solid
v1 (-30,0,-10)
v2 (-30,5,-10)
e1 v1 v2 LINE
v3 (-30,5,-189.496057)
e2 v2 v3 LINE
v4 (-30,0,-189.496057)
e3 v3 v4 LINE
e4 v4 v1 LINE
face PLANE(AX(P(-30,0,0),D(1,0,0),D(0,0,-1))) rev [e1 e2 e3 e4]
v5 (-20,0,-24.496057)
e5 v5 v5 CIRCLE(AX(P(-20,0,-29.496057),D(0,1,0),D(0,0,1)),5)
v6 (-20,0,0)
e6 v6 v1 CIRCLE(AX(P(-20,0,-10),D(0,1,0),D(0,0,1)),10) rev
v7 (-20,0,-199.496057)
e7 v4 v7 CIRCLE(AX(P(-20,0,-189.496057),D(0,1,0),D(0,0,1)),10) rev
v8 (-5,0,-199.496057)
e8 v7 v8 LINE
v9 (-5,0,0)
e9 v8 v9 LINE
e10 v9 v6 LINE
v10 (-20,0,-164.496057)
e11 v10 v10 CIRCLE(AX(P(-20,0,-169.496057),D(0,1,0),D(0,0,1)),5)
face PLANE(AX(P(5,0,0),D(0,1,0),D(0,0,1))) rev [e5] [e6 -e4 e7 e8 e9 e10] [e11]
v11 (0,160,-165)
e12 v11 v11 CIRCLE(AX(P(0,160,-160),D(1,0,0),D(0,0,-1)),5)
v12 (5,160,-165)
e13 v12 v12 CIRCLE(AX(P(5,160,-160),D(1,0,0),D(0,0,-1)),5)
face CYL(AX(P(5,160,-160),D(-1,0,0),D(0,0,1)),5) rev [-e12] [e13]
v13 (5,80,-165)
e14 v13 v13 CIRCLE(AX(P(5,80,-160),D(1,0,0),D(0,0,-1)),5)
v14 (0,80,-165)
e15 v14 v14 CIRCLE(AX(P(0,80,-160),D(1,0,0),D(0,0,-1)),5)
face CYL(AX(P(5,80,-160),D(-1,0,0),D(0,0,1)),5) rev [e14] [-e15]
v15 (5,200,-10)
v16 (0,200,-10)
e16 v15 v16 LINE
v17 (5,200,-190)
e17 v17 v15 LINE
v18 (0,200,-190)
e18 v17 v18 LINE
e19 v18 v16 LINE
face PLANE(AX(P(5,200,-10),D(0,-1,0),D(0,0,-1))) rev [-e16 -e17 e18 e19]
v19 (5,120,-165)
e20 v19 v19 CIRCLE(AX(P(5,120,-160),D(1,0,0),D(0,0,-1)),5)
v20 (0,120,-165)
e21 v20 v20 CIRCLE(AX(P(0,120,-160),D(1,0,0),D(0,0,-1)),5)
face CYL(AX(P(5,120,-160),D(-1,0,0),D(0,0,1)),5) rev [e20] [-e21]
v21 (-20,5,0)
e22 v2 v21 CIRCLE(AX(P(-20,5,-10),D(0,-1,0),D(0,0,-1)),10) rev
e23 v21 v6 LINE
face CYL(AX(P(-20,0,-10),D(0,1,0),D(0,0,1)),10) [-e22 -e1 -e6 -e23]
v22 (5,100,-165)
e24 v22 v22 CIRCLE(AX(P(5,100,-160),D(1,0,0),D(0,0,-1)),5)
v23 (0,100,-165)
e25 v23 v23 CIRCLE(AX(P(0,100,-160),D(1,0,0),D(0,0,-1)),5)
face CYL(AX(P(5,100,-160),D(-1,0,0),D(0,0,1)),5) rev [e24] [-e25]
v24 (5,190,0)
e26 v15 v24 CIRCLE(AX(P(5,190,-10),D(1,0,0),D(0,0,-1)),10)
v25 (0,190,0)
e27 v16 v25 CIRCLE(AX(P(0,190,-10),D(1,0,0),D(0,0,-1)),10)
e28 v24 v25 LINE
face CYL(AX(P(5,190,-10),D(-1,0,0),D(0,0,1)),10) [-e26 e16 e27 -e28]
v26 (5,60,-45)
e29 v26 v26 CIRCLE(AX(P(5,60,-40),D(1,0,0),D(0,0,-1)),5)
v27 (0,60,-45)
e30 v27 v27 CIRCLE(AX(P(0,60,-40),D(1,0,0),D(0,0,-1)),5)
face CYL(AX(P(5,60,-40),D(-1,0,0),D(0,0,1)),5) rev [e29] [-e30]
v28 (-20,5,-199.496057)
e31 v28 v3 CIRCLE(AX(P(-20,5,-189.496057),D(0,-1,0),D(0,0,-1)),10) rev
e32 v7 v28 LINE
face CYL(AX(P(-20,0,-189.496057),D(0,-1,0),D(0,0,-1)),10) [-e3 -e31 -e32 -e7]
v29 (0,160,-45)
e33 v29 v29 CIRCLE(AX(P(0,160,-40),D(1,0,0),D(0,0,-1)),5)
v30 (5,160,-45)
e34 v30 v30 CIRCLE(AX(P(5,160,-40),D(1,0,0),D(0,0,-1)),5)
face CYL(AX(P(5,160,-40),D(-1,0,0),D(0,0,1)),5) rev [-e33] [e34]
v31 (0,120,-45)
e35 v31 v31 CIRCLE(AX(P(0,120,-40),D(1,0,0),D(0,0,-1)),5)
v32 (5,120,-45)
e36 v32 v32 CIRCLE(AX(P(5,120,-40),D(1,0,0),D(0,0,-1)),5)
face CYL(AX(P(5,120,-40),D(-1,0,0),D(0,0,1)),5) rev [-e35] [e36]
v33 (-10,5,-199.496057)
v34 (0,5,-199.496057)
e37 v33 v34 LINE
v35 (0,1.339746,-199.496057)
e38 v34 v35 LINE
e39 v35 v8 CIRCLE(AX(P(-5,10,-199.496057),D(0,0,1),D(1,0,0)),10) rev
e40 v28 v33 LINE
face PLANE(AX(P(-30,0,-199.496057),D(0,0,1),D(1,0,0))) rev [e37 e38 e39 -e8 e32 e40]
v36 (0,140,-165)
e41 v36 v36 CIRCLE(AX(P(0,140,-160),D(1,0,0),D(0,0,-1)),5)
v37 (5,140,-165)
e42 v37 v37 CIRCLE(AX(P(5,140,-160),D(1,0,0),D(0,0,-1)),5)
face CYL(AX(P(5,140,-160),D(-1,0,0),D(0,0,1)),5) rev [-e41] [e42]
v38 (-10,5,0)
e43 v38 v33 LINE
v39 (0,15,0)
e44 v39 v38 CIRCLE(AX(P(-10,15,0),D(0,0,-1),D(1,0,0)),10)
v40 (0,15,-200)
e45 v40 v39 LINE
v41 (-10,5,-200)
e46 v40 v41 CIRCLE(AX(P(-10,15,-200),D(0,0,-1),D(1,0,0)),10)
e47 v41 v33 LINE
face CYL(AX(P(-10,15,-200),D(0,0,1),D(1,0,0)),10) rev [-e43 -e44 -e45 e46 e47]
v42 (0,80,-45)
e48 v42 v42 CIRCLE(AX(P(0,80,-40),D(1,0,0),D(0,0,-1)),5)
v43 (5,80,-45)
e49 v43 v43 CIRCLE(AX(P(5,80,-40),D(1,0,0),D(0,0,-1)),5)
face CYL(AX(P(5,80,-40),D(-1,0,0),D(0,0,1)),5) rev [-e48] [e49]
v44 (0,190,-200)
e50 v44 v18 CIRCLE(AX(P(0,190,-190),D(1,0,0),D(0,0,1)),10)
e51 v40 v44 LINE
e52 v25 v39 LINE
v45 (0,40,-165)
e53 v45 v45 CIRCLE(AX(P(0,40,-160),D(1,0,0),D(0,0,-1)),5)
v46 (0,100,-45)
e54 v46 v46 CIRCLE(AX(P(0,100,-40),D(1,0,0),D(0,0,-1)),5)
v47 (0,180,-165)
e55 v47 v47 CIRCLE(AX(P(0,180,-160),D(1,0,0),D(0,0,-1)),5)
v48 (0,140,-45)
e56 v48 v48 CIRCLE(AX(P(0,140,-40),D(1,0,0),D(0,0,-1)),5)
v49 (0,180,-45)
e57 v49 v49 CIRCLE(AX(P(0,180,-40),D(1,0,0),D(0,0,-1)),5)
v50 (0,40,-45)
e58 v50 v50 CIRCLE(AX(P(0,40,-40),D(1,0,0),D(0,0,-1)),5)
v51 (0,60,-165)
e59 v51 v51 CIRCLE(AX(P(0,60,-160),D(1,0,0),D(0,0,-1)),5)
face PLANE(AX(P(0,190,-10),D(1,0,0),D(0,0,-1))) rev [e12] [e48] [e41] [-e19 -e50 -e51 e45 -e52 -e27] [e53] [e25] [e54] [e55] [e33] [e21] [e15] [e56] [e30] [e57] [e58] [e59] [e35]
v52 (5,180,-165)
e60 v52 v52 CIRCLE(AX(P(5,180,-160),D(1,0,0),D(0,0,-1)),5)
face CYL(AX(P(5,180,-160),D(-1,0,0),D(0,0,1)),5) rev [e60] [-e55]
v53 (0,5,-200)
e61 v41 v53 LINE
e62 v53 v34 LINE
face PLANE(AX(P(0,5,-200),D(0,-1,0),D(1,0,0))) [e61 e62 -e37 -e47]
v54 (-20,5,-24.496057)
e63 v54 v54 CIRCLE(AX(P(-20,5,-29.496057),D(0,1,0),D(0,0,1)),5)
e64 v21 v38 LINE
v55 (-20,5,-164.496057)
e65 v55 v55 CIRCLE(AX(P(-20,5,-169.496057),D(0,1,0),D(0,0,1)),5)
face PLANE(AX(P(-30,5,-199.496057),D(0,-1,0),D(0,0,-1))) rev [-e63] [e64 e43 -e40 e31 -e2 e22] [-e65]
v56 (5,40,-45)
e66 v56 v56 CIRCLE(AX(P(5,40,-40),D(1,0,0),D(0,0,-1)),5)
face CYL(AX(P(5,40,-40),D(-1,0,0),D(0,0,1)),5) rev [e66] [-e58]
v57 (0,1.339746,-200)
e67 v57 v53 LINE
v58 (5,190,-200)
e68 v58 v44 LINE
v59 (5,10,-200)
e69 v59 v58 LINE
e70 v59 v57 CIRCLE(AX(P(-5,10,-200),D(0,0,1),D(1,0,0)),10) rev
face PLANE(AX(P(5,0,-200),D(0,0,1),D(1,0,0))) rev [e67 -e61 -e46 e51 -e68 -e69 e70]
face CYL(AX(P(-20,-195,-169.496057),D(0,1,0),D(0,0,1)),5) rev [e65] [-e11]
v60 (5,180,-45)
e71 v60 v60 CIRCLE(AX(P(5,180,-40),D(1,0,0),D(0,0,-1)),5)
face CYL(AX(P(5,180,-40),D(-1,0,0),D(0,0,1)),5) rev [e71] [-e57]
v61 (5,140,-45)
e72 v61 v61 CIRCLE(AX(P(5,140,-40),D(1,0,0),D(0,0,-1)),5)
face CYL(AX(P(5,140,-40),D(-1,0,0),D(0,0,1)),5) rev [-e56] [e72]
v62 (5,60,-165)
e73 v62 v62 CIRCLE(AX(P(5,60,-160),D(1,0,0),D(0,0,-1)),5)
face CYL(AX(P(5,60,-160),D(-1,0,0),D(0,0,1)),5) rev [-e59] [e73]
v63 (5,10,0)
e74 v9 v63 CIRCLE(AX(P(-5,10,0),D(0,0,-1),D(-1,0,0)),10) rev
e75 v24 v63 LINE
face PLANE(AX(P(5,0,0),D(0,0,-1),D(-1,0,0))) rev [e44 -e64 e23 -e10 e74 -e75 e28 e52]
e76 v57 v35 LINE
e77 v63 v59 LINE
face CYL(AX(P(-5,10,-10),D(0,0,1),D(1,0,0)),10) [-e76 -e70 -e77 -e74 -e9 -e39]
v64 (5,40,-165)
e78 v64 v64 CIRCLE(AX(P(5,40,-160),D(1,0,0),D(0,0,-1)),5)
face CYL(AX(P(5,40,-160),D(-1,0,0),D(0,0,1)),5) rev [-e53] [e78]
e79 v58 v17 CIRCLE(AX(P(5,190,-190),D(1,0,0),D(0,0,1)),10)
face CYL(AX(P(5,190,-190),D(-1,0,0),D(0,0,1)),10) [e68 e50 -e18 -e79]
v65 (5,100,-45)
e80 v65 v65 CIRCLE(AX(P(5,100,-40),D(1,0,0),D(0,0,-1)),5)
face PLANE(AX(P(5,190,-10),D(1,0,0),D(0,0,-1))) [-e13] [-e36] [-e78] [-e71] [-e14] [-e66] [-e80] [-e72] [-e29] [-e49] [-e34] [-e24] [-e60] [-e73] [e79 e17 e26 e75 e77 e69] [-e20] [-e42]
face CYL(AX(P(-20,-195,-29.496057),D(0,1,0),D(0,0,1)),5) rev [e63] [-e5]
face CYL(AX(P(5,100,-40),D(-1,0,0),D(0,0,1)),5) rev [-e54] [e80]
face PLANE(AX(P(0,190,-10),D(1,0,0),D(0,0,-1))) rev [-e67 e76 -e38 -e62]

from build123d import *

# Parameters (mm, degrees)
SKETCH1_R           = 5
BOSS_EXTRUDE1_DEPTH = 5
SKETCH3_W           = 199.496057237
SKETCH3_H           = 5
BOSS_EXTRUDE2_DEPTH = 30
FILLET1_R           = 10
BOSS_EXTRUDE3_DEPTH = 200
FILLET2_R           = 10
SKETCH8_R           = 5
CUT_EXTRUDE1_DEPTH  = 200


with BuildPart() as part:
    # Sketch1 → Boss-Extrude1 (new body)
    with BuildSketch(Plane(origin=(0, 0, 0), x_dir=(0, 0, -1), z_dir=(1, 0, 0))):
        with BuildLine():
            Line((0, 0), (200, 0))
            Line((200, 0), (200, 190))
            ThreePointArc((200, 190), (197.071067812, 197.071067812), (190, 200))
            Line((190, 200), (10, 200))
            ThreePointArc((10, 200), (2.928932188, 197.071067812), (0, 190))
            Line((0, 190), (0, 0))
        make_face()
        with Locations((40, 40)):
            Circle(SKETCH1_R, mode=Mode.SUBTRACT)
        with Locations((40, 60)):
            Circle(SKETCH1_R, mode=Mode.SUBTRACT)
        with Locations((40, 80)):
            Circle(SKETCH1_R, mode=Mode.SUBTRACT)
        with Locations((40, 100)):
            Circle(SKETCH1_R, mode=Mode.SUBTRACT)
        with Locations((40, 120)):
            Circle(SKETCH1_R, mode=Mode.SUBTRACT)
        with Locations((40, 140)):
            Circle(SKETCH1_R, mode=Mode.SUBTRACT)
        with Locations((40, 160)):
            Circle(SKETCH1_R, mode=Mode.SUBTRACT)
        with Locations((40, 180)):
            Circle(SKETCH1_R, mode=Mode.SUBTRACT)
        with Locations((160, 180)):
            Circle(SKETCH1_R, mode=Mode.SUBTRACT)
        with Locations((160, 40)):
            Circle(SKETCH1_R, mode=Mode.SUBTRACT)
        with Locations((160, 80)):
            Circle(SKETCH1_R, mode=Mode.SUBTRACT)
        with Locations((160, 60)):
            Circle(SKETCH1_R, mode=Mode.SUBTRACT)
        with Locations((160, 100)):
            Circle(SKETCH1_R, mode=Mode.SUBTRACT)
        with Locations((160, 120)):
            Circle(SKETCH1_R, mode=Mode.SUBTRACT)
        with Locations((160, 140)):
            Circle(SKETCH1_R, mode=Mode.SUBTRACT)
        with Locations((160, 160)):
            Circle(SKETCH1_R, mode=Mode.SUBTRACT)
    extrude(amount=BOSS_EXTRUDE1_DEPTH)

    # Sketch3 → Boss-Extrude2 (add)
    with BuildSketch(Plane.ZY):
        with Locations((-99.748028619, 2.5)):
            Rectangle(SKETCH3_W, SKETCH3_H)
    extrude(amount=BOSS_EXTRUDE2_DEPTH)

    # Fillet1
    fillet1_edges = [part.edges().sort_by_distance(p)[0] for p in [
        (5, 0, -100),
    ]]
    fillet(fillet1_edges, radius=FILLET1_R)

    # Sketch7 → Boss-Extrude3 (add)
    with BuildSketch(Plane.XY):
        with BuildLine():
            Line((0, 15), (0, 5))
            Line((0, 5), (-10, 5))
            ThreePointArc((-10, 5), (-2.928932188, 7.928932188), (0, 15))
        make_face()
    extrude(amount=-BOSS_EXTRUDE3_DEPTH)

    # Fillet2
    fillet2_edges = [part.edges().sort_by_distance(p)[0] for p in [
        (-30, 2.5, -199.496057237),
        (-30, 2.5, 0),
    ]]
    fillet(fillet2_edges, radius=FILLET2_R)

    # Sketch8 → Cut-Extrude1 (cut)
    with BuildSketch(Plane(origin=(0, 5, 0), x_dir=(1, 0, 0), z_dir=(0, 1, 0))):
        with Locations(Location((-20, 169.496057237, 0), (0, 0, 270))):
            Circle(SKETCH8_R)
        with Locations(Location((-20, 29.496057237, 0), (0, 0, 270))):
            Circle(SKETCH8_R)
    extrude(amount=-CUT_EXTRUDE1_DEPTH, mode=Mode.SUBTRACT)


solid = part.part
